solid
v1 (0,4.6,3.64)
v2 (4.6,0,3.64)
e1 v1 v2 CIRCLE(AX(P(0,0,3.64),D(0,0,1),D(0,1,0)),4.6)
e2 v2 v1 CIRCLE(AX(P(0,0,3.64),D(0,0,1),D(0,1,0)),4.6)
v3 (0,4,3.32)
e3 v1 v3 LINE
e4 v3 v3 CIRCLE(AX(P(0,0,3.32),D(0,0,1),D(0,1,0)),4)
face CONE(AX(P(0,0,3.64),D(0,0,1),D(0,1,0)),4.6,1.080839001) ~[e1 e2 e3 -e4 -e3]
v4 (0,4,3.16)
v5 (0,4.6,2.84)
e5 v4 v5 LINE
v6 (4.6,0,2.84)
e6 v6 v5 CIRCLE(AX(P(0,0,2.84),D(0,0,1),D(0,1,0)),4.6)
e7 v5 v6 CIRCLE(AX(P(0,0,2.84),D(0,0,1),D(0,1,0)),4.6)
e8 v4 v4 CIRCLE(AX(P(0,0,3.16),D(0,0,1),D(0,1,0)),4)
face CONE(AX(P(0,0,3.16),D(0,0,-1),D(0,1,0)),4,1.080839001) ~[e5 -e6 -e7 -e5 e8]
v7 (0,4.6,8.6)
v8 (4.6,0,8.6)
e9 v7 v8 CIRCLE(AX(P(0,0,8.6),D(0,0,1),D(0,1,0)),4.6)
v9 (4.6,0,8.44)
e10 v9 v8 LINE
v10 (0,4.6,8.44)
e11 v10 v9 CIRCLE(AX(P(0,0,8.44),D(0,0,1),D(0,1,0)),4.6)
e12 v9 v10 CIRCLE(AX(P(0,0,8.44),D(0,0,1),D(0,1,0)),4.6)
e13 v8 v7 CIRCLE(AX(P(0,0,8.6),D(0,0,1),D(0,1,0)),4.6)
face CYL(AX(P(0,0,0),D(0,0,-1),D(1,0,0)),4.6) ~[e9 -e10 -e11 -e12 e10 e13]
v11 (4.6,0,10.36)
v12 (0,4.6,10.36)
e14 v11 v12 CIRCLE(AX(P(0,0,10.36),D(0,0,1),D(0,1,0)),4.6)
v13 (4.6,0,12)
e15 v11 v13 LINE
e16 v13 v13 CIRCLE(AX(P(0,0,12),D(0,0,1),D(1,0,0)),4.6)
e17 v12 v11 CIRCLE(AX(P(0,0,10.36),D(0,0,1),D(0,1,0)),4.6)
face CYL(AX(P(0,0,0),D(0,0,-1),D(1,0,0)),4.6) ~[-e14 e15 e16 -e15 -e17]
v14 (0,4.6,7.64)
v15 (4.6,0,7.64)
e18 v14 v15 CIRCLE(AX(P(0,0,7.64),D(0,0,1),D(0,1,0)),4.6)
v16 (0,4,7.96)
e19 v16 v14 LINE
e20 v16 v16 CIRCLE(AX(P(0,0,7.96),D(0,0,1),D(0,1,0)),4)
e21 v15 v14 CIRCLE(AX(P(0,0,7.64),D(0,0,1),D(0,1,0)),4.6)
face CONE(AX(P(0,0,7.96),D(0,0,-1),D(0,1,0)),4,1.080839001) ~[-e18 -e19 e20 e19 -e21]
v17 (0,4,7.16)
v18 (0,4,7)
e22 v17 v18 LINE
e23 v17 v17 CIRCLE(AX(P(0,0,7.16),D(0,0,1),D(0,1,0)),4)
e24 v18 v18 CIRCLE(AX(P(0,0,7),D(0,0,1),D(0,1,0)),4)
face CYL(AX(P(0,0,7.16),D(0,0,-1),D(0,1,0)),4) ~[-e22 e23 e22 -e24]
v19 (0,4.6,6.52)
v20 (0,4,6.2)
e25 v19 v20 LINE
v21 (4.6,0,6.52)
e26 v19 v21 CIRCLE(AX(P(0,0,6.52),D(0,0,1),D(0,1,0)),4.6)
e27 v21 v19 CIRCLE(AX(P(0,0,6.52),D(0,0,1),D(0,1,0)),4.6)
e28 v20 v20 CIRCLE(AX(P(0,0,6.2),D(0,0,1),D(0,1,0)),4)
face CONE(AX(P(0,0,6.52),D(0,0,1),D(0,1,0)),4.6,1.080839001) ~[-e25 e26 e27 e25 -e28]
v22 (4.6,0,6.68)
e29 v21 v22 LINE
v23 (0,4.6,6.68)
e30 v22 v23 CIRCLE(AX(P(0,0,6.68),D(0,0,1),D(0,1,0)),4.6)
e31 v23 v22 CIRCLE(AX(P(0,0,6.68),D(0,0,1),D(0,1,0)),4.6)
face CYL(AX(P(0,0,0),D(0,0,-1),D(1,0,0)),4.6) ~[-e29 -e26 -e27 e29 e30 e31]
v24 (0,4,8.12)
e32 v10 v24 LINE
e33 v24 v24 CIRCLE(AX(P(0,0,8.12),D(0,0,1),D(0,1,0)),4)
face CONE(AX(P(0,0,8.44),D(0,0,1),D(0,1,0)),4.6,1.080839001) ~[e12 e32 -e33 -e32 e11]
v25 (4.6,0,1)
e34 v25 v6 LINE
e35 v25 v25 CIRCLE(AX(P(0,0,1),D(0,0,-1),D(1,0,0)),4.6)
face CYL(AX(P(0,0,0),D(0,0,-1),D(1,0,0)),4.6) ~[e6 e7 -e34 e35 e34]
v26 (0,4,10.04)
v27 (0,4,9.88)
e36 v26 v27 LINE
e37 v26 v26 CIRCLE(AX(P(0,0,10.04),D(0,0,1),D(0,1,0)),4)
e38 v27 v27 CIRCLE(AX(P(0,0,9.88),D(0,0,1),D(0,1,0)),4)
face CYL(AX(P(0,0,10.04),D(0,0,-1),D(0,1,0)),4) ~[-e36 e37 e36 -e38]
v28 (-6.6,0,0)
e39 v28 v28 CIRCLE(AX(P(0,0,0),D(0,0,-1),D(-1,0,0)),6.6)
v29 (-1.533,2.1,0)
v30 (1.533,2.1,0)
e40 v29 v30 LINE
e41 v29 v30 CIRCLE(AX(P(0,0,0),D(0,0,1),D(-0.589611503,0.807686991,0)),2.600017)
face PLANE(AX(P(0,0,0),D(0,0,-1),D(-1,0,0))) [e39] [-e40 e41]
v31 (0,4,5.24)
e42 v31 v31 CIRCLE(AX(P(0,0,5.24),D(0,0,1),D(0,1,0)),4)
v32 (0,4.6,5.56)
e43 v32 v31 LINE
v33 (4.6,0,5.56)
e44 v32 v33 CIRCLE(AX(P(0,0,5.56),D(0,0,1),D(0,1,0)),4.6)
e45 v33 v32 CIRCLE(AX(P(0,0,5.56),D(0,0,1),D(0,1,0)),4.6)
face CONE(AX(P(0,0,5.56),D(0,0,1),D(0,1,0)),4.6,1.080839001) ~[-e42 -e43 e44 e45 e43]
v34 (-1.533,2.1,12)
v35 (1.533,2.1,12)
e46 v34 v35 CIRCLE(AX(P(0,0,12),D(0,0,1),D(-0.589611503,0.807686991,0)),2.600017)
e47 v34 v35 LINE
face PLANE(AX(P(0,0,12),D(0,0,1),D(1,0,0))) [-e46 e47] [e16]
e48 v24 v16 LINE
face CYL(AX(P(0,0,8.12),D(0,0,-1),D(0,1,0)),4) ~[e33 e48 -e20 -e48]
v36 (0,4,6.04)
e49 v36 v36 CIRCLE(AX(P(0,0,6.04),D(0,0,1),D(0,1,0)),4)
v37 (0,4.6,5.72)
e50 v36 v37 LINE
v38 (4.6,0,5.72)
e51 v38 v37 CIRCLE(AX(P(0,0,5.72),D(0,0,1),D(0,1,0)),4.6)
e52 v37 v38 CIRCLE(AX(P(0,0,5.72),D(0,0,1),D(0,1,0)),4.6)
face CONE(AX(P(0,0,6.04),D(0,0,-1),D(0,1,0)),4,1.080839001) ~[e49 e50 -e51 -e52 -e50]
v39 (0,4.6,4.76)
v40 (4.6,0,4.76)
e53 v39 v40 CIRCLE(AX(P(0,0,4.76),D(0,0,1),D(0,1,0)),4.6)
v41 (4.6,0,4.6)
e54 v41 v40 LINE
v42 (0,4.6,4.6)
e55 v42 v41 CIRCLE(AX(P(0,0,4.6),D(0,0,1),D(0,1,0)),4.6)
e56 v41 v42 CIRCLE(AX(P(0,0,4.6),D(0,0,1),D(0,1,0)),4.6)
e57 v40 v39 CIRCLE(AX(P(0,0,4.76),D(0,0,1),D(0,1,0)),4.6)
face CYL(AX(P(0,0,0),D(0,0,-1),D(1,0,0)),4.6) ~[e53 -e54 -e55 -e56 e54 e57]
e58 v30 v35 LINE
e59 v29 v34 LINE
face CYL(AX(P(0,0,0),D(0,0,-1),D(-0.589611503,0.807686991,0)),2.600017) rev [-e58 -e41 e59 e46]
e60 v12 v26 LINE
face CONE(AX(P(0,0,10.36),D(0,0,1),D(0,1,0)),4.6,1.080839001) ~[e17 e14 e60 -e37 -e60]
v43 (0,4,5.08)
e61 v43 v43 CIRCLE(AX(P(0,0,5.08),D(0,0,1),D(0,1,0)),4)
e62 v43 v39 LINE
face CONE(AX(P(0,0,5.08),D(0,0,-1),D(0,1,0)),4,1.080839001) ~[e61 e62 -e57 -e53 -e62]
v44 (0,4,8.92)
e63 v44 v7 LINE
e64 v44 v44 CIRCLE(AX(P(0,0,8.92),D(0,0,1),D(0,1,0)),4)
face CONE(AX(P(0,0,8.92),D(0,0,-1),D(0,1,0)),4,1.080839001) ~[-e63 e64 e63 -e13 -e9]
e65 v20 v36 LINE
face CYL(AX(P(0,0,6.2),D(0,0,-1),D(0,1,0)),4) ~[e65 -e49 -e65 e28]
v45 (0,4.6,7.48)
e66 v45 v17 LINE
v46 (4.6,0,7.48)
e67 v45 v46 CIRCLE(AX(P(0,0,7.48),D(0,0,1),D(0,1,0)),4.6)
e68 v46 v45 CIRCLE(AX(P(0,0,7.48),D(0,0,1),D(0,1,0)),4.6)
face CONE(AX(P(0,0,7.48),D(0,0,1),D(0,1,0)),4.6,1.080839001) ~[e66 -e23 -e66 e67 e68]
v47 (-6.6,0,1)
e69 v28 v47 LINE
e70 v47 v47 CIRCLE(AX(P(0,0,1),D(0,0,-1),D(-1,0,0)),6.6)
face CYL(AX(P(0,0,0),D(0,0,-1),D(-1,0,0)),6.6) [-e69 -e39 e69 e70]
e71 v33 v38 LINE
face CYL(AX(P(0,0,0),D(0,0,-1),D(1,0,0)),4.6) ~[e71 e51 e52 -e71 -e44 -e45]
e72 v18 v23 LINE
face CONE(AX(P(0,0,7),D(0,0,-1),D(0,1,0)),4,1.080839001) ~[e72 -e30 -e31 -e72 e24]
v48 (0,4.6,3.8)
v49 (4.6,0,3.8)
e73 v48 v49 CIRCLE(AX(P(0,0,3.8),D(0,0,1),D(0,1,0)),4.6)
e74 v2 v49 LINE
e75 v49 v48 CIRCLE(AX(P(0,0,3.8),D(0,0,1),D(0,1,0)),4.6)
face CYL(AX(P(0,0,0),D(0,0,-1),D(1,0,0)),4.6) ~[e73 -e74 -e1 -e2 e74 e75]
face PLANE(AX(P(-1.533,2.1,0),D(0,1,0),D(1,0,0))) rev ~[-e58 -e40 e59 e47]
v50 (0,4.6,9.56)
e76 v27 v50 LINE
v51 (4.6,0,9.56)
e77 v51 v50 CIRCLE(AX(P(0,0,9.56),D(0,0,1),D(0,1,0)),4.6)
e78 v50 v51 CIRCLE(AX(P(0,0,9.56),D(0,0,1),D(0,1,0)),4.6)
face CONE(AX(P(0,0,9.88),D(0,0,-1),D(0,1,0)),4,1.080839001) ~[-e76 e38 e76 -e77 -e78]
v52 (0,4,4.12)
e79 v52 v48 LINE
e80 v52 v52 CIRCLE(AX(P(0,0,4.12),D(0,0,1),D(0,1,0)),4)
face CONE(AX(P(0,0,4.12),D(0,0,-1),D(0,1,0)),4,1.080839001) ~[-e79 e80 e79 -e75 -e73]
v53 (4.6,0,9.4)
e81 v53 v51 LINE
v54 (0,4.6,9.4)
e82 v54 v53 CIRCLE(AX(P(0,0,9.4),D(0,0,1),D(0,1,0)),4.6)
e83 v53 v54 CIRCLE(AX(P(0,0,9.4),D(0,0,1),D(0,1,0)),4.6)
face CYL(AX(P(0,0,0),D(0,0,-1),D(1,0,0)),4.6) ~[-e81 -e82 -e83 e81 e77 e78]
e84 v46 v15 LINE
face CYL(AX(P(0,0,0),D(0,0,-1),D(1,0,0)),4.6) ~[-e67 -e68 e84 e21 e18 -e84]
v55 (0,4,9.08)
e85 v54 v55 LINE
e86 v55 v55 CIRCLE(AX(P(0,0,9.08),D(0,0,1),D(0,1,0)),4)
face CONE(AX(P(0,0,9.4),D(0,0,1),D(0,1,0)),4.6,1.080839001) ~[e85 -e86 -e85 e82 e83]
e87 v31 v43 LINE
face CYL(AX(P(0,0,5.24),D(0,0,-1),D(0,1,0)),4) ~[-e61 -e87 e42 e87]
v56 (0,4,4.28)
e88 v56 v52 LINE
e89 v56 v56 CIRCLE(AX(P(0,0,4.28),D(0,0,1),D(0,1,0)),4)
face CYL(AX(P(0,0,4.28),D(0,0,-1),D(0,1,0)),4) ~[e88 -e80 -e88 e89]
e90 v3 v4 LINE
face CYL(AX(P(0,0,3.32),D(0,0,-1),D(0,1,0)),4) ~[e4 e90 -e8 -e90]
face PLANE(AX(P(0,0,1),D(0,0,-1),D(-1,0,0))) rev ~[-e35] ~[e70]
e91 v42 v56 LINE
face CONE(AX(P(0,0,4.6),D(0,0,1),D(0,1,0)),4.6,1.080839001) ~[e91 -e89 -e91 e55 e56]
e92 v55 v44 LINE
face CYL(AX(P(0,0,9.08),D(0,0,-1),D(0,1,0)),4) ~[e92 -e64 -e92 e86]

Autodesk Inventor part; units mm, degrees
ref_plane "YZ Plane" through (0, 0, 0) normal (1, 0, 0) x (0, 1, 0)
ref_plane "XZ Plane" through (0, 0, 0) normal (0, 1, 0) x (-1, 0, 0)
ref_plane "XY Plane" through (0, 0, 0) normal (0, 0, 1) x (1, 0, 0)
sketch "Sketch1" plane through (0, 0, 0) normal (0, 0, 1) x (1, 0, 0)
  line L0 (1.5, 2) -> (-1.5, 2) construction
  arc A0 (-1.5, 2) -> (1.5, 2) centre (0, 0) ccw construction
  circle A1 centre (0, 0) radius 11 construction
  arc A2 (-1.5, 2) -> (1.5, 2) centre (0, 0) ccw construction
  line L1 (1.5, 2) -> (-1.5, 2) construction
  circle A3 centre (0, 0) radius 4.6
  arc A4 (-1.533, 2.1) -> (1.533, 2.1) centre (0, 0) ccw
  line L2 (-1.533, 2.1) -> (1.533, 2.1)
  dimension "d0" = 9.2
  dimension "d1" = 5.2
  dimension "d2" = 0.1
extrude "Extrusion1" add sketch "Sketch1" along normal blind 12
sketch "Sketch2" plane through (0, 0, 0) normal (1, 0, 0) x (0, 1, 0)
  line L0 (0, 12.2) -> (21, 12.2) construction
  line L1 (8.4705, 1) -> (21, 1) construction
  line L2 (0, -2.44) -> (0, 14.64) projected
  line L3 (4.6, 0) -> (4.6, 12) construction
  line L4 (4.6, 10.36) -> (3.8845, 10.36) construction
  line L5 (4.6, 0) -> (4.6, 12) construction
  line L6 (4.6, 9.56) -> (3.8621, 9.56) construction
  line L7 (4.6, 10.36) -> (4, 10.04)
  line L8 (4, 10.04) -> (4, 9.88)
  line L9 (4.6, 0) -> (4.6, 12) construction
  line L10 (4, 9.88) -> (4.6, 9.56)
  line L11 (4.6, 9.56) -> (4.6, 9.4)
  line L12 (4.6, 0) -> (4.6, 12) construction
  line L13 (4.6, 9.4) -> (4, 9.08)
  line L14 (4, 9.08) -> (4, 8.92)
  line L15 (4, 8.92) -> (4.6, 8.6)
  line L16 (4.6, 8.6) -> (4.6, 8.44)
  line L17 (4.6, 8.44) -> (4, 8.12)
  line L18 (4, 8.12) -> (4, 7.96)
  line L19 (4, 7.96) -> (4.6, 7.64)
  line L20 (4.6, 7.64) -> (4.6, 7.48)
  line L21 (4.6, 7.48) -> (4, 7.16)
  line L22 (4, 7.16) -> (4, 7)
  line L23 (4, 7) -> (4.6, 6.68)
  line L24 (4.6, 6.68) -> (4.6, 6.52)
  line L25 (4.6, 6.52) -> (4, 6.2)
  line L26 (4, 6.2) -> (4, 6.04)
  line L27 (4, 6.04) -> (4.6, 5.72)
  line L28 (4.6, 5.72) -> (4.6, 5.56)
  line L29 (4.6, 5.56) -> (4, 5.24)
  line L30 (4, 5.24) -> (4, 5.08)
  line L31 (4, 5.08) -> (4.6, 4.76)
  line L32 (4.6, 4.76) -> (4.6, 4.6)
  line L33 (4.6, 4.6) -> (4, 4.28)
  line L34 (4, 4.28) -> (4, 4.12)
  line L35 (4, 4.12) -> (4.6, 3.8)
  line L36 (4.6, 3.8) -> (4.6, 3.64)
  line L37 (4.6, 3.64) -> (4, 3.32)
  line L38 (4, 3.32) -> (4, 3.16)
  line L39 (4, 3.16) -> (4.6, 2.84)
  line L40 (4.6, 2.84) -> (4.6, 2.68)
  line L41 (4.6, 10.36) -> (4.6, 12.2) construction
  line L42 (4.6, 10.36) -> (6.2592, 10.36) construction
  line L43 (6.2592, 10.36) -> (6.2592, 12.2) construction
  line L44 (4.6, 2.84) -> (5.8943, 2.84) construction
  line L45 (5.8943, 2.84) -> (5.8943, 1) construction
  line L46 (4.6, 10.36) -> (4.6, 9.56)
  line L47 (4.6, 9.4) -> (4.6, 8.6)
  line L48 (4.6, 8.44) -> (4.6, 7.64)
  line L49 (4.6, 7.48) -> (4.6, 6.68)
  line L50 (4.6, 0) -> (4.6, 12) projected
  line L51 (4.6, 6.52) -> (4.6, 5.72)
  line L52 (4.6, 0) -> (4.6, 12) projected
  line L53 (4.6, 5.56) -> (4.6, 4.76)
  line L54 (4.6, 4.6) -> (4.6, 3.8)
  line L55 (4.6, 0) -> (4.6, 12) projected
  line L56 (4.6, 3.64) -> (4.6, 2.84)
  line L57 (4.6, 0) -> (4.6, 12) projected
  point P0 (0, 0)
  dimension "d6" = 0.8
  dimension "d7" = 0.16
  dimension "d8" = 0.6
  dimension "d9" = 0.16
  dimension "d12" = 0.96
revolve "Revolution1" cut sketch "Sketch2" angle 360 about axis through (0, 0, -10) along (0, 0, 1)
sketch "Sketch3" plane through (0, 0, 0) normal (0, 0, -1) x (-1, 0, 0)
  circle A0 centre (0, 0) radius 4.6 projected
  circle A1 centre (0, 0) radius 6.6
  dimension "d17" = 2
extrude "Extrusion2" add sketch "Sketch3" against normal blind 1
properties part number "NewDriveWheel2"
